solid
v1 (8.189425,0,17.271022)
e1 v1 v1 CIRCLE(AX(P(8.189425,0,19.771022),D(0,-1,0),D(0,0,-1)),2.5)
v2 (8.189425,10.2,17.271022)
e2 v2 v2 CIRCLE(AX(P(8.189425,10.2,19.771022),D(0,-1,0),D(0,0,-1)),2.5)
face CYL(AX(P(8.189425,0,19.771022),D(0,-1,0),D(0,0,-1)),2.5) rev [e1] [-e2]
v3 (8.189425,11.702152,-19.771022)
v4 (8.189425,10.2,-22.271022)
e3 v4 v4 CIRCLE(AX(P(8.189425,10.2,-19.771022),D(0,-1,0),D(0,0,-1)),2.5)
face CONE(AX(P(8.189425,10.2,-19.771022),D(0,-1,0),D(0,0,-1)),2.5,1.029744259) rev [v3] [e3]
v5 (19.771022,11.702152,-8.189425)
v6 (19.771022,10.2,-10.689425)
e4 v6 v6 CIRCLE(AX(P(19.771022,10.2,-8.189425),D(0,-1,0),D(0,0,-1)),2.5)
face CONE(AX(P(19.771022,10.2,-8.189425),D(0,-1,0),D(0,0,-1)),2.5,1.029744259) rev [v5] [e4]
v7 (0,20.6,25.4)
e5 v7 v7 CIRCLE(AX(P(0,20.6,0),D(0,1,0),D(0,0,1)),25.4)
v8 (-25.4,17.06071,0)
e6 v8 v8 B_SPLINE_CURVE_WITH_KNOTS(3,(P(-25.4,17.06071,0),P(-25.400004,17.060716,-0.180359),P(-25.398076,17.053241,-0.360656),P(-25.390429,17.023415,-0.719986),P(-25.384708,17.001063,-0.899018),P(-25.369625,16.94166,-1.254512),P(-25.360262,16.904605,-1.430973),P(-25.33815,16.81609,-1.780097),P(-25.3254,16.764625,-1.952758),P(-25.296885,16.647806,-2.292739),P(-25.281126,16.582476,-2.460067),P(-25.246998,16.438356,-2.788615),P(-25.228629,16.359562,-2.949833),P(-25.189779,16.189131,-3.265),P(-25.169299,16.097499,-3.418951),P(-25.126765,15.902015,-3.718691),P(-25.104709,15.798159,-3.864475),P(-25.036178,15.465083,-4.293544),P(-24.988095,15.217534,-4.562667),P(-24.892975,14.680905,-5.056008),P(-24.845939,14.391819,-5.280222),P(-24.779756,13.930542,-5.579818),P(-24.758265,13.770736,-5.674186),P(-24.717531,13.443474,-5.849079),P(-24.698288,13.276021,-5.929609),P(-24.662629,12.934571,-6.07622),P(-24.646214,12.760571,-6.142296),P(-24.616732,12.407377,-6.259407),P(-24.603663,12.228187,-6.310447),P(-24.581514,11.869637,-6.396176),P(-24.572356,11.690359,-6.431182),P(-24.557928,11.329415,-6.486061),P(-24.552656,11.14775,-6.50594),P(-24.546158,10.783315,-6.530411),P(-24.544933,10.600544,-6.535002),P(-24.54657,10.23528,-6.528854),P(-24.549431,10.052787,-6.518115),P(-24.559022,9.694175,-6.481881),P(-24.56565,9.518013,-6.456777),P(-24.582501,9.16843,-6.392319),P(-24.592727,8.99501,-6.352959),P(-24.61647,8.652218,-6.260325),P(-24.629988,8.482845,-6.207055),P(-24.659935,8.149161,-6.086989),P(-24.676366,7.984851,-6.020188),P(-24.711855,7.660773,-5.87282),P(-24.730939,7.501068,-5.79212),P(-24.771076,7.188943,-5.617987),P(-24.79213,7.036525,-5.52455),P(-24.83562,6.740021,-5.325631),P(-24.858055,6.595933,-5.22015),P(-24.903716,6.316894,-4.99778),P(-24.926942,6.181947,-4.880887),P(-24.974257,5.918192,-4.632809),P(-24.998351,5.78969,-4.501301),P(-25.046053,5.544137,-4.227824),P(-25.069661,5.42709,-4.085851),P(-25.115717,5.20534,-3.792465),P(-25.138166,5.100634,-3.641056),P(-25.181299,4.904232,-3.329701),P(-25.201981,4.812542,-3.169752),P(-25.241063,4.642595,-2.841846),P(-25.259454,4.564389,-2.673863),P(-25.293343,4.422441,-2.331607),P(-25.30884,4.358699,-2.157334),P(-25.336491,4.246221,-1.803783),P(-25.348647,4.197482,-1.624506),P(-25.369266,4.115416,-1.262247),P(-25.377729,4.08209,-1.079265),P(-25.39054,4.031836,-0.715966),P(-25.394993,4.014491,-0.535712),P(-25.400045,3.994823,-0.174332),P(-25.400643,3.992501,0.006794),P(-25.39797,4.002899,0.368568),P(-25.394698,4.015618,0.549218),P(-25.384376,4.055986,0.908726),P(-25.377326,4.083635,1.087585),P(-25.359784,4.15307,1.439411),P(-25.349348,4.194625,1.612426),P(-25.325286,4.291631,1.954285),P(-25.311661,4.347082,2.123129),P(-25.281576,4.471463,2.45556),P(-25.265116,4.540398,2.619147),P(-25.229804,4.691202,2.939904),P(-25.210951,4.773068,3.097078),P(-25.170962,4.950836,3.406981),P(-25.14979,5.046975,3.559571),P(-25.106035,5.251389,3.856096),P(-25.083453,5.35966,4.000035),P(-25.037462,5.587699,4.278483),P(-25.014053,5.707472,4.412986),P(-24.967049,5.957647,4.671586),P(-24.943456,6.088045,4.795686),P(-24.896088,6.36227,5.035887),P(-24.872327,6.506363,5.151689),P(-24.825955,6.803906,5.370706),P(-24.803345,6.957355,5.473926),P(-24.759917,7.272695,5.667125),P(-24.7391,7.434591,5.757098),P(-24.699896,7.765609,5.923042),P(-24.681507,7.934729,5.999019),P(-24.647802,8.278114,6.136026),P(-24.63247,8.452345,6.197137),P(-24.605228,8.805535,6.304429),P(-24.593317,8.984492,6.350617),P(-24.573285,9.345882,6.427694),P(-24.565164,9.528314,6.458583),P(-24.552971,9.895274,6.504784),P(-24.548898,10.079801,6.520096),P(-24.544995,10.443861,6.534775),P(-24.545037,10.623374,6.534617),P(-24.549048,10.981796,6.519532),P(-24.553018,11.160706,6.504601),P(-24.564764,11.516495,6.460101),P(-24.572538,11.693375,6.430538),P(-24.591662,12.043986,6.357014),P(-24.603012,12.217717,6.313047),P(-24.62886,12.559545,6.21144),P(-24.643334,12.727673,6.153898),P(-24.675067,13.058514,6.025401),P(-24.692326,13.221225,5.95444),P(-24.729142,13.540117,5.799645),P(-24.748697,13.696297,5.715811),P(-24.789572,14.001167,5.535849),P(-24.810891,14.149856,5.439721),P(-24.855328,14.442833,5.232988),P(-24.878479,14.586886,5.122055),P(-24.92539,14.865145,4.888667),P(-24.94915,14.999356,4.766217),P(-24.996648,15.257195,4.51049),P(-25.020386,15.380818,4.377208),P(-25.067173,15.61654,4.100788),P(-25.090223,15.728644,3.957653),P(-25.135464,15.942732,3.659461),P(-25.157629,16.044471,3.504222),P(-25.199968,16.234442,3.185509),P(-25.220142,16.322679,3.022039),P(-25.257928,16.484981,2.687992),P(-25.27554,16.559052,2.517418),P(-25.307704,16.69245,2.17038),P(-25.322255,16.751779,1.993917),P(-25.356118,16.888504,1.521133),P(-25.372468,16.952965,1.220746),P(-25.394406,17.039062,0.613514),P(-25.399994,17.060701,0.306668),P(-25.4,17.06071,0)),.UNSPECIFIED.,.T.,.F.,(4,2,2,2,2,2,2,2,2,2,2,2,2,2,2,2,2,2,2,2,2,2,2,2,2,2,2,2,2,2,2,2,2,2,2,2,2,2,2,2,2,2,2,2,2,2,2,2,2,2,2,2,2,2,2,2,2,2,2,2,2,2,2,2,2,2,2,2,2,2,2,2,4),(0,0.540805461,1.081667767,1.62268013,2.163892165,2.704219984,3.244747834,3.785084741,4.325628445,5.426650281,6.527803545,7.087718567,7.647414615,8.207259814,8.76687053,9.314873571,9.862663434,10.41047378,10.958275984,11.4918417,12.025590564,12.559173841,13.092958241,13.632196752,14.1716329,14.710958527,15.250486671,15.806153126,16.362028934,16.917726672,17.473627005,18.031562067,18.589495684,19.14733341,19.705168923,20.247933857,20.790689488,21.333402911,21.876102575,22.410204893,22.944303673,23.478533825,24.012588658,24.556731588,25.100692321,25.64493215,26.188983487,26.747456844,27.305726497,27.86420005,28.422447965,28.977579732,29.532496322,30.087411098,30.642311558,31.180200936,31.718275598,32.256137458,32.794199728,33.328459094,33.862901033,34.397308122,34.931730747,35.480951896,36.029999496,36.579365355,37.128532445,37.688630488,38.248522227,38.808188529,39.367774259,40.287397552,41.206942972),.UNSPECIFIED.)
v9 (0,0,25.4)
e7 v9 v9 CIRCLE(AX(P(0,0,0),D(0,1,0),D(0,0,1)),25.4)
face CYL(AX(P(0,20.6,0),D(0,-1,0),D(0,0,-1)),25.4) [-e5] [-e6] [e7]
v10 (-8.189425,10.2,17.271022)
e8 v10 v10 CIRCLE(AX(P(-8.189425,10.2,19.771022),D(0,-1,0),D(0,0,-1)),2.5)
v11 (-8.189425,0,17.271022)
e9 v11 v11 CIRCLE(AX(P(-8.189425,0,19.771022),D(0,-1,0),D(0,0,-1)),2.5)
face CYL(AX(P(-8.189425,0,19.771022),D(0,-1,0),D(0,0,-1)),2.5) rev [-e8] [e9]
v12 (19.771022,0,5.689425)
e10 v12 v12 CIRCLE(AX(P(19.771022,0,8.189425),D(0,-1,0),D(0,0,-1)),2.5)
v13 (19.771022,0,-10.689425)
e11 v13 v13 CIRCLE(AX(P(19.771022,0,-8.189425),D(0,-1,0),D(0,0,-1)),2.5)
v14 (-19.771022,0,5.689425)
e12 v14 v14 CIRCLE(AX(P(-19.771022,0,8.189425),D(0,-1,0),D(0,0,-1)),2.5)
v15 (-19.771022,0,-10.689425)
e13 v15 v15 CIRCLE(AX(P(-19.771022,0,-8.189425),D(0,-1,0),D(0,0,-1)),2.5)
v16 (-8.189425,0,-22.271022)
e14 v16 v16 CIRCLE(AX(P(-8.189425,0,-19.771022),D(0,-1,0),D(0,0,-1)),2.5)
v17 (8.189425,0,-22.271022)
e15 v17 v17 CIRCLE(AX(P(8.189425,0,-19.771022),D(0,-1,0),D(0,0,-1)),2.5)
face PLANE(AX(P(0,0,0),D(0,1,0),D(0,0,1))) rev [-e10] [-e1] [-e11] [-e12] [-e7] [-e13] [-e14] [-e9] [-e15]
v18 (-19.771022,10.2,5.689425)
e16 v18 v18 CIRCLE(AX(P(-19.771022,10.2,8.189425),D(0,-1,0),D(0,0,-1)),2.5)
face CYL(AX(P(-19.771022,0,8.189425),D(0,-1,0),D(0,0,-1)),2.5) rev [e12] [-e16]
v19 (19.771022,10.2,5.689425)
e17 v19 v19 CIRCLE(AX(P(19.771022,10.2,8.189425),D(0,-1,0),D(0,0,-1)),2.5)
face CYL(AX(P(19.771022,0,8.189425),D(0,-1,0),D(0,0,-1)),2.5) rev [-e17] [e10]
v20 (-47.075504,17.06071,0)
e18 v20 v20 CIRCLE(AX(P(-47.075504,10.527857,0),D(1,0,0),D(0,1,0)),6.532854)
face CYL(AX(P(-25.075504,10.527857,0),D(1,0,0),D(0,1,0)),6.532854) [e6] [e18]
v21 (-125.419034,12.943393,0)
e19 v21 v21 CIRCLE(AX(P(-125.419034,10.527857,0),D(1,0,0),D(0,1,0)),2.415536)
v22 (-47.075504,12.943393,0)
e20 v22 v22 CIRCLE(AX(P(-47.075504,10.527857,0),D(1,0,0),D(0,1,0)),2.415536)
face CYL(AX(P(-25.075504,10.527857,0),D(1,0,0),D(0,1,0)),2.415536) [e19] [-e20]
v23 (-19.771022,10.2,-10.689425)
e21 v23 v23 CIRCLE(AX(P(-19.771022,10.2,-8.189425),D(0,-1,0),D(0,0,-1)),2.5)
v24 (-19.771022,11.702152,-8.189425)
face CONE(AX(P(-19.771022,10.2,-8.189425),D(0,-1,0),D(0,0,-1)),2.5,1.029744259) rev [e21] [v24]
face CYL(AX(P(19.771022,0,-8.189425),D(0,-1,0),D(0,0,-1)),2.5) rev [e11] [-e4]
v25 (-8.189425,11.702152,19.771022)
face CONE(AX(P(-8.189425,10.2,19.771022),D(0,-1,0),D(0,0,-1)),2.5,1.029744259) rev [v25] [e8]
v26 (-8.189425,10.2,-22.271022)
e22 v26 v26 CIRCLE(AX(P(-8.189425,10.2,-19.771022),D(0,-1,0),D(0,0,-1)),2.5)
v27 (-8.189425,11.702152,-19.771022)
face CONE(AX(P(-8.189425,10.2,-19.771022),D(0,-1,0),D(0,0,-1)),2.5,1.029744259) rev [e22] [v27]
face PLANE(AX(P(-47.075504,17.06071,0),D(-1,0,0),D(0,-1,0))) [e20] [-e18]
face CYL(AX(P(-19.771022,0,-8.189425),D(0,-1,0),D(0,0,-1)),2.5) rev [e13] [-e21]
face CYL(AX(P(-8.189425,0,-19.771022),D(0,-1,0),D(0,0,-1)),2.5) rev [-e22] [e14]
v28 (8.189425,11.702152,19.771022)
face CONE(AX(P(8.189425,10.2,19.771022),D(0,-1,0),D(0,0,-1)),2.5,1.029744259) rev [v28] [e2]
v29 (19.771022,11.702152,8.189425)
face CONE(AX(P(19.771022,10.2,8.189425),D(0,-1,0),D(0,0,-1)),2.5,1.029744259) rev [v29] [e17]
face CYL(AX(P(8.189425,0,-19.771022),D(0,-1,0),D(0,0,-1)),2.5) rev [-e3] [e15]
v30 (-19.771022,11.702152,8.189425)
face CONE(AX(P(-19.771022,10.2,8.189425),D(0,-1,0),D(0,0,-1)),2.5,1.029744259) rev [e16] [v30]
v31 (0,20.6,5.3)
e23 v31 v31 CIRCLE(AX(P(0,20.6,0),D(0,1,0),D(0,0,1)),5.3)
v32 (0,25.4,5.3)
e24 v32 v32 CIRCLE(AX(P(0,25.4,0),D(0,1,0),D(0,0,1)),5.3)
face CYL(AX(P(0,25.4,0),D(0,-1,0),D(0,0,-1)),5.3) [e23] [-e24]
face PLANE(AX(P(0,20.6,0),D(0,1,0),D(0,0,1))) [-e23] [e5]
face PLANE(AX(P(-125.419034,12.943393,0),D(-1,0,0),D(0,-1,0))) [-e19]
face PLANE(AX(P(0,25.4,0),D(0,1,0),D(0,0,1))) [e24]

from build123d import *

# Parameters (mm, degrees)
SKETCH1_R                 = 25.4
BASE_DEPTH                = 20.6
SKETCH2_R                 = 5.3
BUTTON_DEPTH              = 4.8
F_5_0MM_DOWEL_HOLE1_D     = 5
F_5_0MM_DOWEL_HOLE1_DEPTH = 10.2
F_5_0MM_DOWEL_HOLE1_TIP   = 1.502151548


with BuildPart() as part:
    # Sketch1 → base (new body)
    with BuildSketch(Plane(origin=(0, 0, 0), x_dir=(1, 0, 0), z_dir=(0, 1, 0))):
        Circle(SKETCH1_R)
    extrude(amount=BASE_DEPTH)

    # Sketch2 → button (add)
    with BuildSketch(Plane(origin=(0, 20.6, 0), x_dir=(1, 0, 0), z_dir=(0, 1, 0))):
        Circle(SKETCH2_R)
    extrude(amount=BUTTON_DEPTH)

    # Sketch3 → cable (revolve)
    with BuildSketch(Plane.XY):
        Polygon((-25.075504061, 10.527856927), (-125.419033552, 10.527856927), (-125.419033552, 12.943392514), (-47.075504061, 12.943392514), (-47.075504061, 17.060710463), (-25.075504061, 17.060710463), (-19.522492217, 17.060710463), (-19.522492217, 10.527856927), align=None)
    revolve(axis=Axis((-25.075504061, 10.527856927, 0), (-1, 0, 0)))

    # Ø5.0mm Dowel Hole1
    with Locations(Plane(origin=(-19.771021996, 0, 8.189425453), x_dir=(0, 0, -1), z_dir=(0, -1, 0))):
        with Locations((0, 0), (-11.581596543, 11.581596543), (-11.581596543, 27.960447449), (0, 39.542043992), (16.378850906, 39.542043992), (27.960447449, 27.960447449), (27.960447449, 11.581596543), (16.378850906, 0)):
            Hole(F_5_0MM_DOWEL_HOLE1_D / 2, depth=F_5_0MM_DOWEL_HOLE1_DEPTH)
            with Locations((0, 0, -(F_5_0MM_DOWEL_HOLE1_DEPTH + F_5_0MM_DOWEL_HOLE1_TIP / 2))):  # 118° drill point
                Cone(0, F_5_0MM_DOWEL_HOLE1_D / 2, F_5_0MM_DOWEL_HOLE1_TIP, mode=Mode.SUBTRACT)


solid = part.part
